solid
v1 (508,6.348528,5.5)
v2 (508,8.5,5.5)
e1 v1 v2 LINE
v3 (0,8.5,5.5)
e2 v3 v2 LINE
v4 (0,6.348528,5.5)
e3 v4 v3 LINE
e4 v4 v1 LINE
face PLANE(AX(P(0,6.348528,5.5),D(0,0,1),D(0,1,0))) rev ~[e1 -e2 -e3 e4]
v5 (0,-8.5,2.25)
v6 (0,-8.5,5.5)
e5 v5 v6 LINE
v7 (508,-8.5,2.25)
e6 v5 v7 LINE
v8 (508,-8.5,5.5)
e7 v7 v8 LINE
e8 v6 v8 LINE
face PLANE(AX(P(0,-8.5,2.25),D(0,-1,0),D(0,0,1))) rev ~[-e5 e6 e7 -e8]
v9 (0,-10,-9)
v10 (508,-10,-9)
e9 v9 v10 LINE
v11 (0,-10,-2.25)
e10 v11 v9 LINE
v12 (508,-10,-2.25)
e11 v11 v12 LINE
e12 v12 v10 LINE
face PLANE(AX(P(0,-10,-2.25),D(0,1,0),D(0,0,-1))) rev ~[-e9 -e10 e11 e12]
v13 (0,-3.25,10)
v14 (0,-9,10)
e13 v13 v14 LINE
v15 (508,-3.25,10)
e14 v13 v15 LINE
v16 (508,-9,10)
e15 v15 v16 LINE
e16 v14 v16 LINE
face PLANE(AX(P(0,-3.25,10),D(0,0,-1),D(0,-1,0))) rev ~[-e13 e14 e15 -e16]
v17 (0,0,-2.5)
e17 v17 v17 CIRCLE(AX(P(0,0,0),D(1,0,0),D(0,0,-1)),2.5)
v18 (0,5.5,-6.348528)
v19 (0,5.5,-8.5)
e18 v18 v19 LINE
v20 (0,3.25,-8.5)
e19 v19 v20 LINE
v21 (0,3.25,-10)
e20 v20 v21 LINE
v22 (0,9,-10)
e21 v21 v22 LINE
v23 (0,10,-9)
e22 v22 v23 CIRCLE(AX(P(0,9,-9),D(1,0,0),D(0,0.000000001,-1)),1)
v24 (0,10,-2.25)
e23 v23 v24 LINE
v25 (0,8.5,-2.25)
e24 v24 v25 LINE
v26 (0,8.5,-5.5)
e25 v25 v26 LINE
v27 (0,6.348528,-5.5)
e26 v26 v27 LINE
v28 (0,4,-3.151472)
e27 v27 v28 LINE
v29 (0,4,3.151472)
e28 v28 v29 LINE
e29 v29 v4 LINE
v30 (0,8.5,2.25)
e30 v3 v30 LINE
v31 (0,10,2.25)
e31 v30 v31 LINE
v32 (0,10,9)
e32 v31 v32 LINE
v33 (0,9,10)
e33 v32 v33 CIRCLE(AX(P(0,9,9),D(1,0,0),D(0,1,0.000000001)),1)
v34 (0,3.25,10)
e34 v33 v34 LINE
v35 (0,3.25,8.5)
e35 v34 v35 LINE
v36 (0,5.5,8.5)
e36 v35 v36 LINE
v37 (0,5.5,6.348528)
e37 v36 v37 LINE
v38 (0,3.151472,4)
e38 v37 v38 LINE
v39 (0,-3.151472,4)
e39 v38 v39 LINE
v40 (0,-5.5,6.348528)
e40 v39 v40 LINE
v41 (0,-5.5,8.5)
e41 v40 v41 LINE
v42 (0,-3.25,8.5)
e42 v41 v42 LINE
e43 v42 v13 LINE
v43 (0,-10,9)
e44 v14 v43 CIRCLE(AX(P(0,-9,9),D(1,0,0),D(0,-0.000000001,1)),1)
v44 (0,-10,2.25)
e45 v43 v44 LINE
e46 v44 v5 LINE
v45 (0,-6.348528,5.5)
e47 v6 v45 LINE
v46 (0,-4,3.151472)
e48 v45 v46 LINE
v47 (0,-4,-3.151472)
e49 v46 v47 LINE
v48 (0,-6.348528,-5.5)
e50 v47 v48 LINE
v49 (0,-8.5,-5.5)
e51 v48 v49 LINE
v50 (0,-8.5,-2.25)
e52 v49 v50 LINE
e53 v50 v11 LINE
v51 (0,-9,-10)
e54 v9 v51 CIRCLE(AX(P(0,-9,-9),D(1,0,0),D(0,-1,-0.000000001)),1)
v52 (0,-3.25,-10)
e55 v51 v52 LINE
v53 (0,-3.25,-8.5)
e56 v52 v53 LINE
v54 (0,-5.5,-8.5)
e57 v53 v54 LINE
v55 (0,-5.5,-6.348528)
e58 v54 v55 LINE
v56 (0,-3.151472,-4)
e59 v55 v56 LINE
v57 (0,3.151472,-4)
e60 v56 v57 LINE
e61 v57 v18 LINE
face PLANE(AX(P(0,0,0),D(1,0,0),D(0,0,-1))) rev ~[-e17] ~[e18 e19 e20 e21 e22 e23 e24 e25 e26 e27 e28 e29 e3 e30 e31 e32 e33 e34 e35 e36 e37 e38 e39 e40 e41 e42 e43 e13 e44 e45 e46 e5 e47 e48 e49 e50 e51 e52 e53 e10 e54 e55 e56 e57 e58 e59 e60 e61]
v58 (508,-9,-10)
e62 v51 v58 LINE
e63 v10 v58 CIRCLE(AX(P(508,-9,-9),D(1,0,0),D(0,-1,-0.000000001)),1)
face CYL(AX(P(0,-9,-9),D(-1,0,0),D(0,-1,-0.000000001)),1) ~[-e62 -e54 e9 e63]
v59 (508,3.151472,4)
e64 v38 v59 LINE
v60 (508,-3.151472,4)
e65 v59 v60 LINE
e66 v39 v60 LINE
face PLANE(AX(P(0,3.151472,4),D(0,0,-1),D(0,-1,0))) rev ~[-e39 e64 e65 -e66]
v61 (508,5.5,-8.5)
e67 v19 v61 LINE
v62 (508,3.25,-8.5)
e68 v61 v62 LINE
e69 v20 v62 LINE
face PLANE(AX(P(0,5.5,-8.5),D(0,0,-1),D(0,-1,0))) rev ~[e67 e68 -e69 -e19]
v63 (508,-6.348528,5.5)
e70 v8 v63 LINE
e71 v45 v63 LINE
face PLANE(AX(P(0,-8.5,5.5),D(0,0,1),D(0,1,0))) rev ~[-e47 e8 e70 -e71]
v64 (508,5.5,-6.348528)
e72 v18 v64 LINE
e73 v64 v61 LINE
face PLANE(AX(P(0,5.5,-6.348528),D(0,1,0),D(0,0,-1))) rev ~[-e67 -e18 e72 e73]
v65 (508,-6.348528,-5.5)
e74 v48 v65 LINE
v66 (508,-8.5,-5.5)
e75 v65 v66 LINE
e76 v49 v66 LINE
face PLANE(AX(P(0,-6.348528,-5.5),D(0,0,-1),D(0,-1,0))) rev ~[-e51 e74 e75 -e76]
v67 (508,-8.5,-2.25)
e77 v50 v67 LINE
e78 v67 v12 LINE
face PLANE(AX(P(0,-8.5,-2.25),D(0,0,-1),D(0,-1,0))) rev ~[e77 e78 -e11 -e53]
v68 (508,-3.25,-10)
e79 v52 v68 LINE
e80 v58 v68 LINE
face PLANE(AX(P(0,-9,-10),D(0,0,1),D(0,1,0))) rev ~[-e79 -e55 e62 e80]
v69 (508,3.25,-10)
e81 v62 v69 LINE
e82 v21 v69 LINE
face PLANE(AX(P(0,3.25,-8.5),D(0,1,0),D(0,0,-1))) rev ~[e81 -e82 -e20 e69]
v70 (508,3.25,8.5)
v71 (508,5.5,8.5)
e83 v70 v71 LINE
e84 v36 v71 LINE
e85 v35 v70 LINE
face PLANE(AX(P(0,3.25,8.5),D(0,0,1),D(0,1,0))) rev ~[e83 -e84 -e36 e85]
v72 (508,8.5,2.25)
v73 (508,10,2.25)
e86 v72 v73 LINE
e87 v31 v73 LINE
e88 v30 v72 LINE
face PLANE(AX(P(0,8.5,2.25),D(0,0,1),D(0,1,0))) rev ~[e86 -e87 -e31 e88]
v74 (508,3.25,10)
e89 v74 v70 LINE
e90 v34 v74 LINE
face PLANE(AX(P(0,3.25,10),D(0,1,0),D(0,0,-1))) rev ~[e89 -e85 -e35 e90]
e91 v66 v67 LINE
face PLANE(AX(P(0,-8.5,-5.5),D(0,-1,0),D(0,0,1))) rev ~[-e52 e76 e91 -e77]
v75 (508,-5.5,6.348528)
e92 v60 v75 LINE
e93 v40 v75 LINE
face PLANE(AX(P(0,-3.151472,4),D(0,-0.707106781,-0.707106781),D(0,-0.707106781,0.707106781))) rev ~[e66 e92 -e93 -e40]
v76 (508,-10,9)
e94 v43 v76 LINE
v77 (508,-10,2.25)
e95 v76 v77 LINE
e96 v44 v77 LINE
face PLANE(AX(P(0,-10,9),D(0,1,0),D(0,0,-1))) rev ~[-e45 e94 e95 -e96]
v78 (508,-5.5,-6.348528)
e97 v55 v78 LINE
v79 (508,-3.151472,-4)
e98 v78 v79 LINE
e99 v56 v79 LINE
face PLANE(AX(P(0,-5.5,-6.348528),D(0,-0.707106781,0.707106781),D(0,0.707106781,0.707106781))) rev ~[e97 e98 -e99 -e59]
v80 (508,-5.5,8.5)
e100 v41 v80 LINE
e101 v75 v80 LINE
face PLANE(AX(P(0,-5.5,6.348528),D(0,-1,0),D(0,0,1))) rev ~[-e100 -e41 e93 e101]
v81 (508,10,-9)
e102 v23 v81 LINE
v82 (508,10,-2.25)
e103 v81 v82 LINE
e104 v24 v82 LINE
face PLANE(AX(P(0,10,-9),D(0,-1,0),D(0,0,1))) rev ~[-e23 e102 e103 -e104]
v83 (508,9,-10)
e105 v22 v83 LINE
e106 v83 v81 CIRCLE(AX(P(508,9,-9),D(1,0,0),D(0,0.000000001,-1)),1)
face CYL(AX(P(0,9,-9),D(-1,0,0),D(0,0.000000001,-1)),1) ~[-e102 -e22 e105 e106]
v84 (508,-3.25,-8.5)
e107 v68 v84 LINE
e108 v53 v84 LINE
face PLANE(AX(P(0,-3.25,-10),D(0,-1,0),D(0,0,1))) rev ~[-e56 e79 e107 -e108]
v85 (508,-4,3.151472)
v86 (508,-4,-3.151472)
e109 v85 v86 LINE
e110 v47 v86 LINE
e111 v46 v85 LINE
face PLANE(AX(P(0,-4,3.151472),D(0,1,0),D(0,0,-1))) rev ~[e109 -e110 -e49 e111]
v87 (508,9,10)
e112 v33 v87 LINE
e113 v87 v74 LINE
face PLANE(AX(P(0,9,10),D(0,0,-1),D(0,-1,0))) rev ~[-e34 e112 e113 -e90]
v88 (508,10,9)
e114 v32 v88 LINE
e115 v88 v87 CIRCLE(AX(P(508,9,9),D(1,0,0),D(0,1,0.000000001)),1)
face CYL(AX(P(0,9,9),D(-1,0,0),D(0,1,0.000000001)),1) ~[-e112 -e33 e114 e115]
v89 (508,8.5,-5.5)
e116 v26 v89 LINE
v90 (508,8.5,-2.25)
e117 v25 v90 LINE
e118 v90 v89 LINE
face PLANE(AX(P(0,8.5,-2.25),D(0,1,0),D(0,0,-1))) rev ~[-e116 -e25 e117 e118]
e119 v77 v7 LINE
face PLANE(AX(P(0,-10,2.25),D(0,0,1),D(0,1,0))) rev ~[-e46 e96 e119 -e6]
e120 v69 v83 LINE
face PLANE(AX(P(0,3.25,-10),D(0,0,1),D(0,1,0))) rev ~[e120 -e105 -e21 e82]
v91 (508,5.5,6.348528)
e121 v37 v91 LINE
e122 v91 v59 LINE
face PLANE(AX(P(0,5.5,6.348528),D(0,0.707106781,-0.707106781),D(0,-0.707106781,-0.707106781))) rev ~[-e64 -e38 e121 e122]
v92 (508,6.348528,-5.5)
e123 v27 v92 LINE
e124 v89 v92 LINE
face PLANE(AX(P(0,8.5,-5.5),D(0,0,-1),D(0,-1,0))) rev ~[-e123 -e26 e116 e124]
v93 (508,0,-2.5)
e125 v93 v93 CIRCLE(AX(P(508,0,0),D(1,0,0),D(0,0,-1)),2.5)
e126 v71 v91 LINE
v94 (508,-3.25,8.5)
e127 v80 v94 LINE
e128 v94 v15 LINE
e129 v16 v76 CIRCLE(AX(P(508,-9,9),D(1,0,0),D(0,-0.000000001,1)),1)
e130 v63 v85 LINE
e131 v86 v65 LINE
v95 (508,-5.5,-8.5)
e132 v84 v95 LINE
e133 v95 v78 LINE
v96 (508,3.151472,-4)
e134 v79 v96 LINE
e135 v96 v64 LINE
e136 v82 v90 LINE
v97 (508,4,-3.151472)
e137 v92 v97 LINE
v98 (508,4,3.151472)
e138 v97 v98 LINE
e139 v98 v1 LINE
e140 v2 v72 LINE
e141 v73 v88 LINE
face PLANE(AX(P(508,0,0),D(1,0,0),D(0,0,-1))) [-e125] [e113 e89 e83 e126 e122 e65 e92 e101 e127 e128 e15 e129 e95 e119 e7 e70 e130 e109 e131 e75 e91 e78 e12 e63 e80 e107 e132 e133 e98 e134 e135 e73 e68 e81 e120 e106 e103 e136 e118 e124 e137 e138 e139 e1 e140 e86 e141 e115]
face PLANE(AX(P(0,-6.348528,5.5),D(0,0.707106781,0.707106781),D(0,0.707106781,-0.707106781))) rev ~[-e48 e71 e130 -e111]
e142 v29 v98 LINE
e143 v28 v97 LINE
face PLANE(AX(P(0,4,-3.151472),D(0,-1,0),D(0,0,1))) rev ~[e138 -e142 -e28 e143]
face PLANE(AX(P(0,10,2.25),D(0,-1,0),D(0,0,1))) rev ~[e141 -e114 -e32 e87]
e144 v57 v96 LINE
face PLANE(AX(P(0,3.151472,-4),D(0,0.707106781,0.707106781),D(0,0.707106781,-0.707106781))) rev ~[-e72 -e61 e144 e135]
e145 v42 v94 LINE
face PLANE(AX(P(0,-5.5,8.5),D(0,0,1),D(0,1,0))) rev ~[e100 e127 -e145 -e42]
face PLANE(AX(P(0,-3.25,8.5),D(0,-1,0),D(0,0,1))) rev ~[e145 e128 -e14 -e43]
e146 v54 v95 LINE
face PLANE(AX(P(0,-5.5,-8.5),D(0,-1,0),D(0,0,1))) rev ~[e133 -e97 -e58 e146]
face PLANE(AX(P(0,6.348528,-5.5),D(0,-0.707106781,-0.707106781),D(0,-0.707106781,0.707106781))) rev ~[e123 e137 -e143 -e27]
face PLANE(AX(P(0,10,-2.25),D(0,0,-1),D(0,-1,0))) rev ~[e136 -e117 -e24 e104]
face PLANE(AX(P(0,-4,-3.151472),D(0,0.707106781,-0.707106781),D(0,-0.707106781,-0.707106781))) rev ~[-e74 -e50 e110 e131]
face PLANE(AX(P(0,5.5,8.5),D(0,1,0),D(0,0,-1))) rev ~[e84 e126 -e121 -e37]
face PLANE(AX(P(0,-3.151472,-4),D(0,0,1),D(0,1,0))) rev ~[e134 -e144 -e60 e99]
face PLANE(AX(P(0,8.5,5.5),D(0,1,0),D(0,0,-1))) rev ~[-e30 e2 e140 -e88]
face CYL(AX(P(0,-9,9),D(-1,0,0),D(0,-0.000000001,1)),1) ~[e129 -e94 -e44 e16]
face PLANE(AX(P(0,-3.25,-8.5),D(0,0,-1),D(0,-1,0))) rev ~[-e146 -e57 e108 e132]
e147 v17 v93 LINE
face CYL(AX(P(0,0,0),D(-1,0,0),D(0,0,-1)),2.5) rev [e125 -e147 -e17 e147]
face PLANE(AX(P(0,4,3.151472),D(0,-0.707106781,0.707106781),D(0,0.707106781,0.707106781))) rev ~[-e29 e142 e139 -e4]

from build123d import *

# Parameters (mm, degrees)
SKETCH_1_R            = 2.5
F_20_X_20_X_2_2_DEPTH = 508


with BuildPart() as part:
    # 草图1 → 铝型材 20 X 20 X 2(2) (new body)
    with BuildSketch(Plane(origin=(0, 0, 0), x_dir=(0, 0, -1), z_dir=(1, 0, 0))):
        with BuildLine():
            Line((-10, 9), (-10, 3.25))
            Line((-10, 3.25), (-8.5, 3.25))
            Line((-8.5, 3.25), (-8.5, 5.5))
            Line((-8.5, 5.5), (-6.348528137, 5.5))
            Line((-6.348528137, 5.5), (-4, 3.151471863))
            Line((-4, 3.151471863), (-4, -3.151471863))
            Line((-4, -3.151471863), (-6.348528137, -5.5))
            Line((-6.348528137, -5.5), (-8.5, -5.5))
            Line((-8.5, -5.5), (-8.5, -3.25))
            Line((-8.5, -3.25), (-10, -3.25))
            Line((-10, -3.25), (-10, -9))
            ThreePointArc((-10, -9), (-9.707106781, -9.707106781), (-9, -10))
            Line((-9, -10), (-2.25, -10))
            Line((-2.25, -10), (-2.25, -8.5))
            Line((-2.25, -8.5), (-5.5, -8.5))
            Line((-5.5, -8.5), (-5.5, -6.348528137))
            Line((-5.5, -6.348528137), (-3.151471863, -4))
            Line((-3.151471863, -4), (3.151471863, -4))
            Line((3.151471863, -4), (5.5, -6.348528137))
            Line((5.5, -6.348528137), (5.5, -8.5))
            Line((5.5, -8.5), (2.25, -8.5))
            Line((2.25, -8.5), (2.25, -10))
            Line((2.25, -10), (9, -10))
            ThreePointArc((9, -10), (9.707106781, -9.707106781), (10, -9))
            Line((10, -9), (10, -3.25))
            Line((10, -3.25), (8.5, -3.25))
            Line((8.5, -3.25), (8.5, -5.5))
            Line((8.5, -5.5), (6.348528137, -5.5))
            Line((6.348528137, -5.5), (4, -3.151471863))
            Line((4, -3.151471863), (4, 3.151471863))
            Line((4, 3.151471863), (6.348528137, 5.5))
            Line((6.348528137, 5.5), (8.5, 5.5))
            Line((8.5, 5.5), (8.5, 3.25))
            Line((8.5, 3.25), (10, 3.25))
            Line((10, 3.25), (10, 9))
            ThreePointArc((10, 9), (9.707106781, 9.707106781), (9, 10))
            Line((9, 10), (2.25, 10))
            Line((2.25, 10), (2.25, 8.5))
            Line((2.25, 8.5), (5.5, 8.5))
            Line((5.5, 8.5), (5.5, 6.348528137))
            Line((5.5, 6.348528137), (3.151471863, 4))
            Line((3.151471863, 4), (-3.151471863, 4))
            Line((-3.151471863, 4), (-5.5, 6.348528137))
            Line((-5.5, 6.348528137), (-5.5, 8.5))
            Line((-5.5, 8.5), (-2.25, 8.5))
            Line((-2.25, 8.5), (-2.25, 10))
            Line((-2.25, 10), (-9, 10))
            ThreePointArc((-9, 10), (-9.707106781, 9.707106781), (-10, 9))
        make_face()
        Circle(SKETCH_1_R, mode=Mode.SUBTRACT)
    extrude(amount=F_20_X_20_X_2_2_DEPTH)


solid = part.part
